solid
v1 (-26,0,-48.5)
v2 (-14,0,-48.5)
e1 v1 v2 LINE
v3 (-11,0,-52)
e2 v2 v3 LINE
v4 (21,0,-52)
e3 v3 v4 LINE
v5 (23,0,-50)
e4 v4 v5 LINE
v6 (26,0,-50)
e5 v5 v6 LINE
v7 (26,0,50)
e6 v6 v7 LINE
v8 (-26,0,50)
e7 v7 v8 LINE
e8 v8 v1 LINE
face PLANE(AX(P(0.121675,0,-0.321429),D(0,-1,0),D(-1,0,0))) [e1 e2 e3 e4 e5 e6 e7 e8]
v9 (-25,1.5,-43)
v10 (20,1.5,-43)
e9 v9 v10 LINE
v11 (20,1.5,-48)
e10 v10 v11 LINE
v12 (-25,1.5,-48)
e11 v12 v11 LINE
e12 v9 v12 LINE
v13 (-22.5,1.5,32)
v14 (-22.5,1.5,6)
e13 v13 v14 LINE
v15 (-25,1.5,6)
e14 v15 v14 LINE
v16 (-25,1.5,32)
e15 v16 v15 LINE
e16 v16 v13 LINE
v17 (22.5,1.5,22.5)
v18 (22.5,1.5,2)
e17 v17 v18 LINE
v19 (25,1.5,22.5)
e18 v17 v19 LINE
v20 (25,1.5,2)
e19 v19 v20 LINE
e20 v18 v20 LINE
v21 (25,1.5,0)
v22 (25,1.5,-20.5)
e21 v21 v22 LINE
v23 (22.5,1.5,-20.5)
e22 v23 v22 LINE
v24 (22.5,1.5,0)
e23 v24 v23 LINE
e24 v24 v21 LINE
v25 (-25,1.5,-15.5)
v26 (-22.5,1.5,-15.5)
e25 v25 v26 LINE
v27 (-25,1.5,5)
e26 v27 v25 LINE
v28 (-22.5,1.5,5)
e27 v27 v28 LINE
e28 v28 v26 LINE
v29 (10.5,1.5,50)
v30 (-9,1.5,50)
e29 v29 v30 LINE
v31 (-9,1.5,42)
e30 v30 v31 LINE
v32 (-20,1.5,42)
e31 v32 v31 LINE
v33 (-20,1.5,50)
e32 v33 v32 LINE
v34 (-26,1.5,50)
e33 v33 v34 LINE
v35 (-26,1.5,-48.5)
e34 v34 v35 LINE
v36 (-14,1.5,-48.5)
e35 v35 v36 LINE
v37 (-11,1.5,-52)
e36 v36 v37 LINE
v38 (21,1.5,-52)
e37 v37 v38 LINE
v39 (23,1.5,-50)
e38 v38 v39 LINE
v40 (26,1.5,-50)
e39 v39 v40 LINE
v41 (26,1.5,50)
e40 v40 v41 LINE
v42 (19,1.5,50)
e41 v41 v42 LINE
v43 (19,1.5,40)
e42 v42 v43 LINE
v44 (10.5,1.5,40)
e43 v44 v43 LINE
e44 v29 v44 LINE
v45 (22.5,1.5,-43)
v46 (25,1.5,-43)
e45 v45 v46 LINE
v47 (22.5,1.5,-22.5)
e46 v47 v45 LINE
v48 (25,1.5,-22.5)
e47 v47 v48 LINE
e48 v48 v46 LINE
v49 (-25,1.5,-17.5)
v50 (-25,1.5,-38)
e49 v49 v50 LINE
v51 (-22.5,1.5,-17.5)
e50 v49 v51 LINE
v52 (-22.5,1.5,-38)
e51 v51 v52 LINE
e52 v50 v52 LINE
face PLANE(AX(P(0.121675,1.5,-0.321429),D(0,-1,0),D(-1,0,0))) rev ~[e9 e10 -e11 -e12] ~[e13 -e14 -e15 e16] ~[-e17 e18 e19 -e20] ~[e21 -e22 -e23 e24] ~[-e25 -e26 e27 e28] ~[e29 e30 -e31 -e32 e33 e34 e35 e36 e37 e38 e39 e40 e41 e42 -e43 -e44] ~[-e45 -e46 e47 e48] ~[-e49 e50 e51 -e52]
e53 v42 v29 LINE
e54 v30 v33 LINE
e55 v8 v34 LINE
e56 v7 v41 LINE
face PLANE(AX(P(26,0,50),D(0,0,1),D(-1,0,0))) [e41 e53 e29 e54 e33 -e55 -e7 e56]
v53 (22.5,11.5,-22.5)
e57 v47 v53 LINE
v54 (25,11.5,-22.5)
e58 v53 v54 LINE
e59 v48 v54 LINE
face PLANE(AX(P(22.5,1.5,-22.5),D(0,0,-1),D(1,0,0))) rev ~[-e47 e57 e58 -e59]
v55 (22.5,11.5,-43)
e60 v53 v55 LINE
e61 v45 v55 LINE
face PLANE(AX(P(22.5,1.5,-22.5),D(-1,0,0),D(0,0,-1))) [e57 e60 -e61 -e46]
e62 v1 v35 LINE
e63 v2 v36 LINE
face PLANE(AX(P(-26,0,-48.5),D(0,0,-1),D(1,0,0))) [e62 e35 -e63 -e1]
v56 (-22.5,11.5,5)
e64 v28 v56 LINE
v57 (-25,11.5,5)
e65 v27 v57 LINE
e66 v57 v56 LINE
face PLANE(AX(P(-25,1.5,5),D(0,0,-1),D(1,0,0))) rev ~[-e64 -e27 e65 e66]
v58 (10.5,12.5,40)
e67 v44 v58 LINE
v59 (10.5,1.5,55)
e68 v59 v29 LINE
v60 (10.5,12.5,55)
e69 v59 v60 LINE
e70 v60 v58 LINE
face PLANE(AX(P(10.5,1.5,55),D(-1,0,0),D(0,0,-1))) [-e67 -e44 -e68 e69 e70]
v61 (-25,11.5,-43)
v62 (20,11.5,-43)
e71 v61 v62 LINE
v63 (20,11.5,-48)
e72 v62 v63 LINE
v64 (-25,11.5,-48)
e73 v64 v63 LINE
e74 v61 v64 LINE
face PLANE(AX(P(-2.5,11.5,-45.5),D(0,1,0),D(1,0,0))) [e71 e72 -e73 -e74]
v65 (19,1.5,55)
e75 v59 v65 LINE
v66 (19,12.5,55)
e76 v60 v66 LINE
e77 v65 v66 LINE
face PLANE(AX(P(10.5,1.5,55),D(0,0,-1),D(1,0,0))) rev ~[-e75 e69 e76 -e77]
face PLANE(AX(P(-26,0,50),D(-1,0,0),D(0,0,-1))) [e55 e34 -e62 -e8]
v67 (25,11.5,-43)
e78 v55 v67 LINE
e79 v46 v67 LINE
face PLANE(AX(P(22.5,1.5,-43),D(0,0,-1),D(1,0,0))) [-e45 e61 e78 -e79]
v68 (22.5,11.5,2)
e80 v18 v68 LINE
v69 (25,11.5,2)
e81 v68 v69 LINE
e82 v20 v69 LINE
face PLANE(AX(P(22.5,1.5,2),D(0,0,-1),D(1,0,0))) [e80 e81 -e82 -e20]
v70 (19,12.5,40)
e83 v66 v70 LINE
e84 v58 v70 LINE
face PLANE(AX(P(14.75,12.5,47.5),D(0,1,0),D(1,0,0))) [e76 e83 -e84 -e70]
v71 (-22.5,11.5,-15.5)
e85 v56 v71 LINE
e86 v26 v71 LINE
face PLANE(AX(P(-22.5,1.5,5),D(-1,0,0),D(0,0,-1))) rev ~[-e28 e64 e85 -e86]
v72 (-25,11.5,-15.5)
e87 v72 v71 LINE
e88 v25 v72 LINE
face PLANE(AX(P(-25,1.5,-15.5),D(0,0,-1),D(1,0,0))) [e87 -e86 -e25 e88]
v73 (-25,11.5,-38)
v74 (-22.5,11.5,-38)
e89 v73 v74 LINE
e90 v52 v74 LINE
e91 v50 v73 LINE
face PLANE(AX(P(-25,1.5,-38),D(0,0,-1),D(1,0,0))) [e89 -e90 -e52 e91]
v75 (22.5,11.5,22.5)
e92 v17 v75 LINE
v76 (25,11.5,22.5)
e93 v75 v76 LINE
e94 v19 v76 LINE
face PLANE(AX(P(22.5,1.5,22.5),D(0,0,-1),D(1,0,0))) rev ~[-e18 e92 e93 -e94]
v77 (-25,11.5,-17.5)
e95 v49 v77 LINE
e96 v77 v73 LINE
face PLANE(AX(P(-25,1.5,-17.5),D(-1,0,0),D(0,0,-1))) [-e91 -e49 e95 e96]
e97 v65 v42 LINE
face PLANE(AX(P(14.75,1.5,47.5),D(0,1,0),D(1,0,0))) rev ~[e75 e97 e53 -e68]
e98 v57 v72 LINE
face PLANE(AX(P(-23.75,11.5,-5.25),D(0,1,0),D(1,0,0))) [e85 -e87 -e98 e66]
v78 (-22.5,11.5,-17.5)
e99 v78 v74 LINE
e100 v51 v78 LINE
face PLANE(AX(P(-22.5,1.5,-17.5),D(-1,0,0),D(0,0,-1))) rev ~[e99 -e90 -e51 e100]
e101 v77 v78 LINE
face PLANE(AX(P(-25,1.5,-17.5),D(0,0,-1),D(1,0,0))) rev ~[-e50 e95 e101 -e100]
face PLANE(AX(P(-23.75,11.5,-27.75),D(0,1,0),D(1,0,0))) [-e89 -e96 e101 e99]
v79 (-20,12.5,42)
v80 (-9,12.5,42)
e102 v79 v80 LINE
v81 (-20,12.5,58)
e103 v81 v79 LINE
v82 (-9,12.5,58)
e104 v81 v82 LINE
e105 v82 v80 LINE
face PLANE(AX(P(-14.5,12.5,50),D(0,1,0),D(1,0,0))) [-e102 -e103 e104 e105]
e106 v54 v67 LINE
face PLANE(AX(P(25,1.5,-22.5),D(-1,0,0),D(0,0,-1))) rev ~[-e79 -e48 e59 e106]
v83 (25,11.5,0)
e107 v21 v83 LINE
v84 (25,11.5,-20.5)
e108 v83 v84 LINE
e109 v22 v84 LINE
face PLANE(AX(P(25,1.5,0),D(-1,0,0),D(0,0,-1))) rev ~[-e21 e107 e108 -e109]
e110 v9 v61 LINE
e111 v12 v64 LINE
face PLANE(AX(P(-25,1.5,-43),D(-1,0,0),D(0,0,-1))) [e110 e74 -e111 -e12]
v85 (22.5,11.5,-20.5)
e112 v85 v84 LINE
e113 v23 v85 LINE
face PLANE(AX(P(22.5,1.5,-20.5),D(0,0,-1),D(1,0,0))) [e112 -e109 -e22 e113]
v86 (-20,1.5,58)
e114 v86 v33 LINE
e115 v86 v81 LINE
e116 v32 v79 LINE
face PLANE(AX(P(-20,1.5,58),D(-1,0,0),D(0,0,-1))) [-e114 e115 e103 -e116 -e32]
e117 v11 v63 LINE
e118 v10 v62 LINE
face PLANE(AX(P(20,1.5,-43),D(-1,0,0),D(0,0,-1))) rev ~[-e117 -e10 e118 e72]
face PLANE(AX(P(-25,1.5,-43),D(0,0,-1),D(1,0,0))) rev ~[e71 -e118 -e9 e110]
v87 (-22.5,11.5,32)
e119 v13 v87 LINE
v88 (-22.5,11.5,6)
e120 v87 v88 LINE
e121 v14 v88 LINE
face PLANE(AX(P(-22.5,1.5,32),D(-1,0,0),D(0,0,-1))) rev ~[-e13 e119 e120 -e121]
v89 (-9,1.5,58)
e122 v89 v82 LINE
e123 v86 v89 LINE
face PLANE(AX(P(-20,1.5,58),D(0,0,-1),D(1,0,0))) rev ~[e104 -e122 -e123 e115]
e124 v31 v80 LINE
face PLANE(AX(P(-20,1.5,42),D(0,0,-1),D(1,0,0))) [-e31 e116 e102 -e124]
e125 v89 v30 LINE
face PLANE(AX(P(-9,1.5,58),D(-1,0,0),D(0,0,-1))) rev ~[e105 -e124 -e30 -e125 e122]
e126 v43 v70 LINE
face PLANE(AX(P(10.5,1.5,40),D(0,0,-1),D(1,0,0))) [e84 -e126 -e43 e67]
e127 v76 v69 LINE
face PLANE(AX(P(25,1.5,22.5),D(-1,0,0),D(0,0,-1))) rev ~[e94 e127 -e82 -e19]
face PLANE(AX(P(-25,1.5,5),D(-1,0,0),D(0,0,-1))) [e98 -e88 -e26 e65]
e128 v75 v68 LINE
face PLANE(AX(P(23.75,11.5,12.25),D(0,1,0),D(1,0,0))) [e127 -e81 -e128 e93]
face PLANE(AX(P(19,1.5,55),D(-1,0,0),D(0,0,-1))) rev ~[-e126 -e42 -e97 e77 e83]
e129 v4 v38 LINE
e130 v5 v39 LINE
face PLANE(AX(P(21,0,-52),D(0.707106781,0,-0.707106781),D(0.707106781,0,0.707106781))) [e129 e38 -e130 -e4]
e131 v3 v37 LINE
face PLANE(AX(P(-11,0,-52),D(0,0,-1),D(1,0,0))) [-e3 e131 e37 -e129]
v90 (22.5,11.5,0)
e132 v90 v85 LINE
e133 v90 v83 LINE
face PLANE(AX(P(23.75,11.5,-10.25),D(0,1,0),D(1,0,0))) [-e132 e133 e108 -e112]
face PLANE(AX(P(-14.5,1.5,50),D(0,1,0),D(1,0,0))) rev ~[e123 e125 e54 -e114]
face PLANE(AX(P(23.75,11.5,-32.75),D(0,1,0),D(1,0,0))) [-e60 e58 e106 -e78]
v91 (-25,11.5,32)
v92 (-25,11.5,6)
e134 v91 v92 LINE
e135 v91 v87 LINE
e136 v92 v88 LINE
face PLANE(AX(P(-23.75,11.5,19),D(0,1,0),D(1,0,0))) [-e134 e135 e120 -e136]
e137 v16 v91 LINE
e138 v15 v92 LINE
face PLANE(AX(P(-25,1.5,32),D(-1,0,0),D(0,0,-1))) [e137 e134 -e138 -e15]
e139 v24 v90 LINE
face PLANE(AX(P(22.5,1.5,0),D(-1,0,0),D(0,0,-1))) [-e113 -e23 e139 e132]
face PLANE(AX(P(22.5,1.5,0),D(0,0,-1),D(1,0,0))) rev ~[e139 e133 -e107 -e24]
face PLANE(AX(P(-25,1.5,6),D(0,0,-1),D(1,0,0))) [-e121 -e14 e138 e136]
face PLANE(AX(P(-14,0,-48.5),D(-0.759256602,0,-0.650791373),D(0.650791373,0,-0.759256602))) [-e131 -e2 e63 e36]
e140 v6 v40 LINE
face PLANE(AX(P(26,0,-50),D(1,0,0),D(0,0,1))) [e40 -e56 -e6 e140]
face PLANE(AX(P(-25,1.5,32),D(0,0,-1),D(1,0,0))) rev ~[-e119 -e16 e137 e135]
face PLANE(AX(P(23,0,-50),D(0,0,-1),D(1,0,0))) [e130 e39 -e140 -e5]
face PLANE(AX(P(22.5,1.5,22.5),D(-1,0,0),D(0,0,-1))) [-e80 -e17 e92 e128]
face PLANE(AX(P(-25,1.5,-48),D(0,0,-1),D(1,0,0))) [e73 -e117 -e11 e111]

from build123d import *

# Parameters (mm, degrees)
BOSS_EXTRUDE1_DEPTH = 1.5
SKETCH2_W           = 45
SKETCH2_H           = 5
SKETCH2_W_2         = 2.5
SKETCH2_H_2         = 20.5
SKETCH2_H_3         = 26
BOSS_EXTRUDE2_DEPTH = 10
SKETCH3_W           = 8.5
SKETCH3_H           = 15
BOSS_EXTRUDE3_DEPTH = 11
SKETCH4_W           = 11
SKETCH4_H           = 16
BOSS_EXTRUDE4_DEPTH = 11


with BuildPart() as part:
    # Sketch1 → Boss-Extrude1 (new body)
    with BuildSketch(Plane(origin=(0, 0, 0), x_dir=(1, 0, 0), z_dir=(0, 1, 0))):
        Polygon((-26, 48.5), (-14, 48.5), (-11, 52), (21, 52), (23, 50), (26, 50), (26, -50), (-26, -50), align=None)
    extrude(amount=BOSS_EXTRUDE1_DEPTH)

    # Sketch2 → Boss-Extrude2 (add)
    with BuildSketch(Plane(origin=(0, 1.5, 0), x_dir=(1, 0, 0), z_dir=(0, 1, 0))):
        with Locations((-2.5, 45.5)):
            Rectangle(SKETCH2_W, SKETCH2_H)
        with Locations((-23.75, 27.75)):
            Rectangle(SKETCH2_W_2, SKETCH2_H_2)
        with Locations((-23.75, 5.25)):
            Rectangle(SKETCH2_W_2, SKETCH2_H_2)
        with Locations((-23.75, -19)):
            Rectangle(SKETCH2_W_2, SKETCH2_H_3)
        with Locations((23.75, 10.25)):
            Rectangle(SKETCH2_W_2, SKETCH2_H_2)
        with Locations((23.75, 32.75)):
            Rectangle(SKETCH2_W_2, SKETCH2_H_2)
        with Locations((23.75, -12.25)):
            Rectangle(SKETCH2_W_2, SKETCH2_H_2)
    extrude(amount=BOSS_EXTRUDE2_DEPTH)

    # Sketch3 → Boss-Extrude3 (add)
    with BuildSketch(Plane(origin=(0, 1.5, 0), x_dir=(1, 0, 0), z_dir=(0, 1, 0))):
        with Locations((14.75, -47.5)):
            Rectangle(SKETCH3_W, SKETCH3_H)
    extrude(amount=BOSS_EXTRUDE3_DEPTH)

    # Sketch4 → Boss-Extrude4 (add)
    with BuildSketch(Plane(origin=(0, 1.5, 0), x_dir=(1, 0, 0), z_dir=(0, 1, 0))):
        with Locations((-14.5, -50)):
            Rectangle(SKETCH4_W, SKETCH4_H)
    extrude(amount=BOSS_EXTRUDE4_DEPTH)


solid = part.part
